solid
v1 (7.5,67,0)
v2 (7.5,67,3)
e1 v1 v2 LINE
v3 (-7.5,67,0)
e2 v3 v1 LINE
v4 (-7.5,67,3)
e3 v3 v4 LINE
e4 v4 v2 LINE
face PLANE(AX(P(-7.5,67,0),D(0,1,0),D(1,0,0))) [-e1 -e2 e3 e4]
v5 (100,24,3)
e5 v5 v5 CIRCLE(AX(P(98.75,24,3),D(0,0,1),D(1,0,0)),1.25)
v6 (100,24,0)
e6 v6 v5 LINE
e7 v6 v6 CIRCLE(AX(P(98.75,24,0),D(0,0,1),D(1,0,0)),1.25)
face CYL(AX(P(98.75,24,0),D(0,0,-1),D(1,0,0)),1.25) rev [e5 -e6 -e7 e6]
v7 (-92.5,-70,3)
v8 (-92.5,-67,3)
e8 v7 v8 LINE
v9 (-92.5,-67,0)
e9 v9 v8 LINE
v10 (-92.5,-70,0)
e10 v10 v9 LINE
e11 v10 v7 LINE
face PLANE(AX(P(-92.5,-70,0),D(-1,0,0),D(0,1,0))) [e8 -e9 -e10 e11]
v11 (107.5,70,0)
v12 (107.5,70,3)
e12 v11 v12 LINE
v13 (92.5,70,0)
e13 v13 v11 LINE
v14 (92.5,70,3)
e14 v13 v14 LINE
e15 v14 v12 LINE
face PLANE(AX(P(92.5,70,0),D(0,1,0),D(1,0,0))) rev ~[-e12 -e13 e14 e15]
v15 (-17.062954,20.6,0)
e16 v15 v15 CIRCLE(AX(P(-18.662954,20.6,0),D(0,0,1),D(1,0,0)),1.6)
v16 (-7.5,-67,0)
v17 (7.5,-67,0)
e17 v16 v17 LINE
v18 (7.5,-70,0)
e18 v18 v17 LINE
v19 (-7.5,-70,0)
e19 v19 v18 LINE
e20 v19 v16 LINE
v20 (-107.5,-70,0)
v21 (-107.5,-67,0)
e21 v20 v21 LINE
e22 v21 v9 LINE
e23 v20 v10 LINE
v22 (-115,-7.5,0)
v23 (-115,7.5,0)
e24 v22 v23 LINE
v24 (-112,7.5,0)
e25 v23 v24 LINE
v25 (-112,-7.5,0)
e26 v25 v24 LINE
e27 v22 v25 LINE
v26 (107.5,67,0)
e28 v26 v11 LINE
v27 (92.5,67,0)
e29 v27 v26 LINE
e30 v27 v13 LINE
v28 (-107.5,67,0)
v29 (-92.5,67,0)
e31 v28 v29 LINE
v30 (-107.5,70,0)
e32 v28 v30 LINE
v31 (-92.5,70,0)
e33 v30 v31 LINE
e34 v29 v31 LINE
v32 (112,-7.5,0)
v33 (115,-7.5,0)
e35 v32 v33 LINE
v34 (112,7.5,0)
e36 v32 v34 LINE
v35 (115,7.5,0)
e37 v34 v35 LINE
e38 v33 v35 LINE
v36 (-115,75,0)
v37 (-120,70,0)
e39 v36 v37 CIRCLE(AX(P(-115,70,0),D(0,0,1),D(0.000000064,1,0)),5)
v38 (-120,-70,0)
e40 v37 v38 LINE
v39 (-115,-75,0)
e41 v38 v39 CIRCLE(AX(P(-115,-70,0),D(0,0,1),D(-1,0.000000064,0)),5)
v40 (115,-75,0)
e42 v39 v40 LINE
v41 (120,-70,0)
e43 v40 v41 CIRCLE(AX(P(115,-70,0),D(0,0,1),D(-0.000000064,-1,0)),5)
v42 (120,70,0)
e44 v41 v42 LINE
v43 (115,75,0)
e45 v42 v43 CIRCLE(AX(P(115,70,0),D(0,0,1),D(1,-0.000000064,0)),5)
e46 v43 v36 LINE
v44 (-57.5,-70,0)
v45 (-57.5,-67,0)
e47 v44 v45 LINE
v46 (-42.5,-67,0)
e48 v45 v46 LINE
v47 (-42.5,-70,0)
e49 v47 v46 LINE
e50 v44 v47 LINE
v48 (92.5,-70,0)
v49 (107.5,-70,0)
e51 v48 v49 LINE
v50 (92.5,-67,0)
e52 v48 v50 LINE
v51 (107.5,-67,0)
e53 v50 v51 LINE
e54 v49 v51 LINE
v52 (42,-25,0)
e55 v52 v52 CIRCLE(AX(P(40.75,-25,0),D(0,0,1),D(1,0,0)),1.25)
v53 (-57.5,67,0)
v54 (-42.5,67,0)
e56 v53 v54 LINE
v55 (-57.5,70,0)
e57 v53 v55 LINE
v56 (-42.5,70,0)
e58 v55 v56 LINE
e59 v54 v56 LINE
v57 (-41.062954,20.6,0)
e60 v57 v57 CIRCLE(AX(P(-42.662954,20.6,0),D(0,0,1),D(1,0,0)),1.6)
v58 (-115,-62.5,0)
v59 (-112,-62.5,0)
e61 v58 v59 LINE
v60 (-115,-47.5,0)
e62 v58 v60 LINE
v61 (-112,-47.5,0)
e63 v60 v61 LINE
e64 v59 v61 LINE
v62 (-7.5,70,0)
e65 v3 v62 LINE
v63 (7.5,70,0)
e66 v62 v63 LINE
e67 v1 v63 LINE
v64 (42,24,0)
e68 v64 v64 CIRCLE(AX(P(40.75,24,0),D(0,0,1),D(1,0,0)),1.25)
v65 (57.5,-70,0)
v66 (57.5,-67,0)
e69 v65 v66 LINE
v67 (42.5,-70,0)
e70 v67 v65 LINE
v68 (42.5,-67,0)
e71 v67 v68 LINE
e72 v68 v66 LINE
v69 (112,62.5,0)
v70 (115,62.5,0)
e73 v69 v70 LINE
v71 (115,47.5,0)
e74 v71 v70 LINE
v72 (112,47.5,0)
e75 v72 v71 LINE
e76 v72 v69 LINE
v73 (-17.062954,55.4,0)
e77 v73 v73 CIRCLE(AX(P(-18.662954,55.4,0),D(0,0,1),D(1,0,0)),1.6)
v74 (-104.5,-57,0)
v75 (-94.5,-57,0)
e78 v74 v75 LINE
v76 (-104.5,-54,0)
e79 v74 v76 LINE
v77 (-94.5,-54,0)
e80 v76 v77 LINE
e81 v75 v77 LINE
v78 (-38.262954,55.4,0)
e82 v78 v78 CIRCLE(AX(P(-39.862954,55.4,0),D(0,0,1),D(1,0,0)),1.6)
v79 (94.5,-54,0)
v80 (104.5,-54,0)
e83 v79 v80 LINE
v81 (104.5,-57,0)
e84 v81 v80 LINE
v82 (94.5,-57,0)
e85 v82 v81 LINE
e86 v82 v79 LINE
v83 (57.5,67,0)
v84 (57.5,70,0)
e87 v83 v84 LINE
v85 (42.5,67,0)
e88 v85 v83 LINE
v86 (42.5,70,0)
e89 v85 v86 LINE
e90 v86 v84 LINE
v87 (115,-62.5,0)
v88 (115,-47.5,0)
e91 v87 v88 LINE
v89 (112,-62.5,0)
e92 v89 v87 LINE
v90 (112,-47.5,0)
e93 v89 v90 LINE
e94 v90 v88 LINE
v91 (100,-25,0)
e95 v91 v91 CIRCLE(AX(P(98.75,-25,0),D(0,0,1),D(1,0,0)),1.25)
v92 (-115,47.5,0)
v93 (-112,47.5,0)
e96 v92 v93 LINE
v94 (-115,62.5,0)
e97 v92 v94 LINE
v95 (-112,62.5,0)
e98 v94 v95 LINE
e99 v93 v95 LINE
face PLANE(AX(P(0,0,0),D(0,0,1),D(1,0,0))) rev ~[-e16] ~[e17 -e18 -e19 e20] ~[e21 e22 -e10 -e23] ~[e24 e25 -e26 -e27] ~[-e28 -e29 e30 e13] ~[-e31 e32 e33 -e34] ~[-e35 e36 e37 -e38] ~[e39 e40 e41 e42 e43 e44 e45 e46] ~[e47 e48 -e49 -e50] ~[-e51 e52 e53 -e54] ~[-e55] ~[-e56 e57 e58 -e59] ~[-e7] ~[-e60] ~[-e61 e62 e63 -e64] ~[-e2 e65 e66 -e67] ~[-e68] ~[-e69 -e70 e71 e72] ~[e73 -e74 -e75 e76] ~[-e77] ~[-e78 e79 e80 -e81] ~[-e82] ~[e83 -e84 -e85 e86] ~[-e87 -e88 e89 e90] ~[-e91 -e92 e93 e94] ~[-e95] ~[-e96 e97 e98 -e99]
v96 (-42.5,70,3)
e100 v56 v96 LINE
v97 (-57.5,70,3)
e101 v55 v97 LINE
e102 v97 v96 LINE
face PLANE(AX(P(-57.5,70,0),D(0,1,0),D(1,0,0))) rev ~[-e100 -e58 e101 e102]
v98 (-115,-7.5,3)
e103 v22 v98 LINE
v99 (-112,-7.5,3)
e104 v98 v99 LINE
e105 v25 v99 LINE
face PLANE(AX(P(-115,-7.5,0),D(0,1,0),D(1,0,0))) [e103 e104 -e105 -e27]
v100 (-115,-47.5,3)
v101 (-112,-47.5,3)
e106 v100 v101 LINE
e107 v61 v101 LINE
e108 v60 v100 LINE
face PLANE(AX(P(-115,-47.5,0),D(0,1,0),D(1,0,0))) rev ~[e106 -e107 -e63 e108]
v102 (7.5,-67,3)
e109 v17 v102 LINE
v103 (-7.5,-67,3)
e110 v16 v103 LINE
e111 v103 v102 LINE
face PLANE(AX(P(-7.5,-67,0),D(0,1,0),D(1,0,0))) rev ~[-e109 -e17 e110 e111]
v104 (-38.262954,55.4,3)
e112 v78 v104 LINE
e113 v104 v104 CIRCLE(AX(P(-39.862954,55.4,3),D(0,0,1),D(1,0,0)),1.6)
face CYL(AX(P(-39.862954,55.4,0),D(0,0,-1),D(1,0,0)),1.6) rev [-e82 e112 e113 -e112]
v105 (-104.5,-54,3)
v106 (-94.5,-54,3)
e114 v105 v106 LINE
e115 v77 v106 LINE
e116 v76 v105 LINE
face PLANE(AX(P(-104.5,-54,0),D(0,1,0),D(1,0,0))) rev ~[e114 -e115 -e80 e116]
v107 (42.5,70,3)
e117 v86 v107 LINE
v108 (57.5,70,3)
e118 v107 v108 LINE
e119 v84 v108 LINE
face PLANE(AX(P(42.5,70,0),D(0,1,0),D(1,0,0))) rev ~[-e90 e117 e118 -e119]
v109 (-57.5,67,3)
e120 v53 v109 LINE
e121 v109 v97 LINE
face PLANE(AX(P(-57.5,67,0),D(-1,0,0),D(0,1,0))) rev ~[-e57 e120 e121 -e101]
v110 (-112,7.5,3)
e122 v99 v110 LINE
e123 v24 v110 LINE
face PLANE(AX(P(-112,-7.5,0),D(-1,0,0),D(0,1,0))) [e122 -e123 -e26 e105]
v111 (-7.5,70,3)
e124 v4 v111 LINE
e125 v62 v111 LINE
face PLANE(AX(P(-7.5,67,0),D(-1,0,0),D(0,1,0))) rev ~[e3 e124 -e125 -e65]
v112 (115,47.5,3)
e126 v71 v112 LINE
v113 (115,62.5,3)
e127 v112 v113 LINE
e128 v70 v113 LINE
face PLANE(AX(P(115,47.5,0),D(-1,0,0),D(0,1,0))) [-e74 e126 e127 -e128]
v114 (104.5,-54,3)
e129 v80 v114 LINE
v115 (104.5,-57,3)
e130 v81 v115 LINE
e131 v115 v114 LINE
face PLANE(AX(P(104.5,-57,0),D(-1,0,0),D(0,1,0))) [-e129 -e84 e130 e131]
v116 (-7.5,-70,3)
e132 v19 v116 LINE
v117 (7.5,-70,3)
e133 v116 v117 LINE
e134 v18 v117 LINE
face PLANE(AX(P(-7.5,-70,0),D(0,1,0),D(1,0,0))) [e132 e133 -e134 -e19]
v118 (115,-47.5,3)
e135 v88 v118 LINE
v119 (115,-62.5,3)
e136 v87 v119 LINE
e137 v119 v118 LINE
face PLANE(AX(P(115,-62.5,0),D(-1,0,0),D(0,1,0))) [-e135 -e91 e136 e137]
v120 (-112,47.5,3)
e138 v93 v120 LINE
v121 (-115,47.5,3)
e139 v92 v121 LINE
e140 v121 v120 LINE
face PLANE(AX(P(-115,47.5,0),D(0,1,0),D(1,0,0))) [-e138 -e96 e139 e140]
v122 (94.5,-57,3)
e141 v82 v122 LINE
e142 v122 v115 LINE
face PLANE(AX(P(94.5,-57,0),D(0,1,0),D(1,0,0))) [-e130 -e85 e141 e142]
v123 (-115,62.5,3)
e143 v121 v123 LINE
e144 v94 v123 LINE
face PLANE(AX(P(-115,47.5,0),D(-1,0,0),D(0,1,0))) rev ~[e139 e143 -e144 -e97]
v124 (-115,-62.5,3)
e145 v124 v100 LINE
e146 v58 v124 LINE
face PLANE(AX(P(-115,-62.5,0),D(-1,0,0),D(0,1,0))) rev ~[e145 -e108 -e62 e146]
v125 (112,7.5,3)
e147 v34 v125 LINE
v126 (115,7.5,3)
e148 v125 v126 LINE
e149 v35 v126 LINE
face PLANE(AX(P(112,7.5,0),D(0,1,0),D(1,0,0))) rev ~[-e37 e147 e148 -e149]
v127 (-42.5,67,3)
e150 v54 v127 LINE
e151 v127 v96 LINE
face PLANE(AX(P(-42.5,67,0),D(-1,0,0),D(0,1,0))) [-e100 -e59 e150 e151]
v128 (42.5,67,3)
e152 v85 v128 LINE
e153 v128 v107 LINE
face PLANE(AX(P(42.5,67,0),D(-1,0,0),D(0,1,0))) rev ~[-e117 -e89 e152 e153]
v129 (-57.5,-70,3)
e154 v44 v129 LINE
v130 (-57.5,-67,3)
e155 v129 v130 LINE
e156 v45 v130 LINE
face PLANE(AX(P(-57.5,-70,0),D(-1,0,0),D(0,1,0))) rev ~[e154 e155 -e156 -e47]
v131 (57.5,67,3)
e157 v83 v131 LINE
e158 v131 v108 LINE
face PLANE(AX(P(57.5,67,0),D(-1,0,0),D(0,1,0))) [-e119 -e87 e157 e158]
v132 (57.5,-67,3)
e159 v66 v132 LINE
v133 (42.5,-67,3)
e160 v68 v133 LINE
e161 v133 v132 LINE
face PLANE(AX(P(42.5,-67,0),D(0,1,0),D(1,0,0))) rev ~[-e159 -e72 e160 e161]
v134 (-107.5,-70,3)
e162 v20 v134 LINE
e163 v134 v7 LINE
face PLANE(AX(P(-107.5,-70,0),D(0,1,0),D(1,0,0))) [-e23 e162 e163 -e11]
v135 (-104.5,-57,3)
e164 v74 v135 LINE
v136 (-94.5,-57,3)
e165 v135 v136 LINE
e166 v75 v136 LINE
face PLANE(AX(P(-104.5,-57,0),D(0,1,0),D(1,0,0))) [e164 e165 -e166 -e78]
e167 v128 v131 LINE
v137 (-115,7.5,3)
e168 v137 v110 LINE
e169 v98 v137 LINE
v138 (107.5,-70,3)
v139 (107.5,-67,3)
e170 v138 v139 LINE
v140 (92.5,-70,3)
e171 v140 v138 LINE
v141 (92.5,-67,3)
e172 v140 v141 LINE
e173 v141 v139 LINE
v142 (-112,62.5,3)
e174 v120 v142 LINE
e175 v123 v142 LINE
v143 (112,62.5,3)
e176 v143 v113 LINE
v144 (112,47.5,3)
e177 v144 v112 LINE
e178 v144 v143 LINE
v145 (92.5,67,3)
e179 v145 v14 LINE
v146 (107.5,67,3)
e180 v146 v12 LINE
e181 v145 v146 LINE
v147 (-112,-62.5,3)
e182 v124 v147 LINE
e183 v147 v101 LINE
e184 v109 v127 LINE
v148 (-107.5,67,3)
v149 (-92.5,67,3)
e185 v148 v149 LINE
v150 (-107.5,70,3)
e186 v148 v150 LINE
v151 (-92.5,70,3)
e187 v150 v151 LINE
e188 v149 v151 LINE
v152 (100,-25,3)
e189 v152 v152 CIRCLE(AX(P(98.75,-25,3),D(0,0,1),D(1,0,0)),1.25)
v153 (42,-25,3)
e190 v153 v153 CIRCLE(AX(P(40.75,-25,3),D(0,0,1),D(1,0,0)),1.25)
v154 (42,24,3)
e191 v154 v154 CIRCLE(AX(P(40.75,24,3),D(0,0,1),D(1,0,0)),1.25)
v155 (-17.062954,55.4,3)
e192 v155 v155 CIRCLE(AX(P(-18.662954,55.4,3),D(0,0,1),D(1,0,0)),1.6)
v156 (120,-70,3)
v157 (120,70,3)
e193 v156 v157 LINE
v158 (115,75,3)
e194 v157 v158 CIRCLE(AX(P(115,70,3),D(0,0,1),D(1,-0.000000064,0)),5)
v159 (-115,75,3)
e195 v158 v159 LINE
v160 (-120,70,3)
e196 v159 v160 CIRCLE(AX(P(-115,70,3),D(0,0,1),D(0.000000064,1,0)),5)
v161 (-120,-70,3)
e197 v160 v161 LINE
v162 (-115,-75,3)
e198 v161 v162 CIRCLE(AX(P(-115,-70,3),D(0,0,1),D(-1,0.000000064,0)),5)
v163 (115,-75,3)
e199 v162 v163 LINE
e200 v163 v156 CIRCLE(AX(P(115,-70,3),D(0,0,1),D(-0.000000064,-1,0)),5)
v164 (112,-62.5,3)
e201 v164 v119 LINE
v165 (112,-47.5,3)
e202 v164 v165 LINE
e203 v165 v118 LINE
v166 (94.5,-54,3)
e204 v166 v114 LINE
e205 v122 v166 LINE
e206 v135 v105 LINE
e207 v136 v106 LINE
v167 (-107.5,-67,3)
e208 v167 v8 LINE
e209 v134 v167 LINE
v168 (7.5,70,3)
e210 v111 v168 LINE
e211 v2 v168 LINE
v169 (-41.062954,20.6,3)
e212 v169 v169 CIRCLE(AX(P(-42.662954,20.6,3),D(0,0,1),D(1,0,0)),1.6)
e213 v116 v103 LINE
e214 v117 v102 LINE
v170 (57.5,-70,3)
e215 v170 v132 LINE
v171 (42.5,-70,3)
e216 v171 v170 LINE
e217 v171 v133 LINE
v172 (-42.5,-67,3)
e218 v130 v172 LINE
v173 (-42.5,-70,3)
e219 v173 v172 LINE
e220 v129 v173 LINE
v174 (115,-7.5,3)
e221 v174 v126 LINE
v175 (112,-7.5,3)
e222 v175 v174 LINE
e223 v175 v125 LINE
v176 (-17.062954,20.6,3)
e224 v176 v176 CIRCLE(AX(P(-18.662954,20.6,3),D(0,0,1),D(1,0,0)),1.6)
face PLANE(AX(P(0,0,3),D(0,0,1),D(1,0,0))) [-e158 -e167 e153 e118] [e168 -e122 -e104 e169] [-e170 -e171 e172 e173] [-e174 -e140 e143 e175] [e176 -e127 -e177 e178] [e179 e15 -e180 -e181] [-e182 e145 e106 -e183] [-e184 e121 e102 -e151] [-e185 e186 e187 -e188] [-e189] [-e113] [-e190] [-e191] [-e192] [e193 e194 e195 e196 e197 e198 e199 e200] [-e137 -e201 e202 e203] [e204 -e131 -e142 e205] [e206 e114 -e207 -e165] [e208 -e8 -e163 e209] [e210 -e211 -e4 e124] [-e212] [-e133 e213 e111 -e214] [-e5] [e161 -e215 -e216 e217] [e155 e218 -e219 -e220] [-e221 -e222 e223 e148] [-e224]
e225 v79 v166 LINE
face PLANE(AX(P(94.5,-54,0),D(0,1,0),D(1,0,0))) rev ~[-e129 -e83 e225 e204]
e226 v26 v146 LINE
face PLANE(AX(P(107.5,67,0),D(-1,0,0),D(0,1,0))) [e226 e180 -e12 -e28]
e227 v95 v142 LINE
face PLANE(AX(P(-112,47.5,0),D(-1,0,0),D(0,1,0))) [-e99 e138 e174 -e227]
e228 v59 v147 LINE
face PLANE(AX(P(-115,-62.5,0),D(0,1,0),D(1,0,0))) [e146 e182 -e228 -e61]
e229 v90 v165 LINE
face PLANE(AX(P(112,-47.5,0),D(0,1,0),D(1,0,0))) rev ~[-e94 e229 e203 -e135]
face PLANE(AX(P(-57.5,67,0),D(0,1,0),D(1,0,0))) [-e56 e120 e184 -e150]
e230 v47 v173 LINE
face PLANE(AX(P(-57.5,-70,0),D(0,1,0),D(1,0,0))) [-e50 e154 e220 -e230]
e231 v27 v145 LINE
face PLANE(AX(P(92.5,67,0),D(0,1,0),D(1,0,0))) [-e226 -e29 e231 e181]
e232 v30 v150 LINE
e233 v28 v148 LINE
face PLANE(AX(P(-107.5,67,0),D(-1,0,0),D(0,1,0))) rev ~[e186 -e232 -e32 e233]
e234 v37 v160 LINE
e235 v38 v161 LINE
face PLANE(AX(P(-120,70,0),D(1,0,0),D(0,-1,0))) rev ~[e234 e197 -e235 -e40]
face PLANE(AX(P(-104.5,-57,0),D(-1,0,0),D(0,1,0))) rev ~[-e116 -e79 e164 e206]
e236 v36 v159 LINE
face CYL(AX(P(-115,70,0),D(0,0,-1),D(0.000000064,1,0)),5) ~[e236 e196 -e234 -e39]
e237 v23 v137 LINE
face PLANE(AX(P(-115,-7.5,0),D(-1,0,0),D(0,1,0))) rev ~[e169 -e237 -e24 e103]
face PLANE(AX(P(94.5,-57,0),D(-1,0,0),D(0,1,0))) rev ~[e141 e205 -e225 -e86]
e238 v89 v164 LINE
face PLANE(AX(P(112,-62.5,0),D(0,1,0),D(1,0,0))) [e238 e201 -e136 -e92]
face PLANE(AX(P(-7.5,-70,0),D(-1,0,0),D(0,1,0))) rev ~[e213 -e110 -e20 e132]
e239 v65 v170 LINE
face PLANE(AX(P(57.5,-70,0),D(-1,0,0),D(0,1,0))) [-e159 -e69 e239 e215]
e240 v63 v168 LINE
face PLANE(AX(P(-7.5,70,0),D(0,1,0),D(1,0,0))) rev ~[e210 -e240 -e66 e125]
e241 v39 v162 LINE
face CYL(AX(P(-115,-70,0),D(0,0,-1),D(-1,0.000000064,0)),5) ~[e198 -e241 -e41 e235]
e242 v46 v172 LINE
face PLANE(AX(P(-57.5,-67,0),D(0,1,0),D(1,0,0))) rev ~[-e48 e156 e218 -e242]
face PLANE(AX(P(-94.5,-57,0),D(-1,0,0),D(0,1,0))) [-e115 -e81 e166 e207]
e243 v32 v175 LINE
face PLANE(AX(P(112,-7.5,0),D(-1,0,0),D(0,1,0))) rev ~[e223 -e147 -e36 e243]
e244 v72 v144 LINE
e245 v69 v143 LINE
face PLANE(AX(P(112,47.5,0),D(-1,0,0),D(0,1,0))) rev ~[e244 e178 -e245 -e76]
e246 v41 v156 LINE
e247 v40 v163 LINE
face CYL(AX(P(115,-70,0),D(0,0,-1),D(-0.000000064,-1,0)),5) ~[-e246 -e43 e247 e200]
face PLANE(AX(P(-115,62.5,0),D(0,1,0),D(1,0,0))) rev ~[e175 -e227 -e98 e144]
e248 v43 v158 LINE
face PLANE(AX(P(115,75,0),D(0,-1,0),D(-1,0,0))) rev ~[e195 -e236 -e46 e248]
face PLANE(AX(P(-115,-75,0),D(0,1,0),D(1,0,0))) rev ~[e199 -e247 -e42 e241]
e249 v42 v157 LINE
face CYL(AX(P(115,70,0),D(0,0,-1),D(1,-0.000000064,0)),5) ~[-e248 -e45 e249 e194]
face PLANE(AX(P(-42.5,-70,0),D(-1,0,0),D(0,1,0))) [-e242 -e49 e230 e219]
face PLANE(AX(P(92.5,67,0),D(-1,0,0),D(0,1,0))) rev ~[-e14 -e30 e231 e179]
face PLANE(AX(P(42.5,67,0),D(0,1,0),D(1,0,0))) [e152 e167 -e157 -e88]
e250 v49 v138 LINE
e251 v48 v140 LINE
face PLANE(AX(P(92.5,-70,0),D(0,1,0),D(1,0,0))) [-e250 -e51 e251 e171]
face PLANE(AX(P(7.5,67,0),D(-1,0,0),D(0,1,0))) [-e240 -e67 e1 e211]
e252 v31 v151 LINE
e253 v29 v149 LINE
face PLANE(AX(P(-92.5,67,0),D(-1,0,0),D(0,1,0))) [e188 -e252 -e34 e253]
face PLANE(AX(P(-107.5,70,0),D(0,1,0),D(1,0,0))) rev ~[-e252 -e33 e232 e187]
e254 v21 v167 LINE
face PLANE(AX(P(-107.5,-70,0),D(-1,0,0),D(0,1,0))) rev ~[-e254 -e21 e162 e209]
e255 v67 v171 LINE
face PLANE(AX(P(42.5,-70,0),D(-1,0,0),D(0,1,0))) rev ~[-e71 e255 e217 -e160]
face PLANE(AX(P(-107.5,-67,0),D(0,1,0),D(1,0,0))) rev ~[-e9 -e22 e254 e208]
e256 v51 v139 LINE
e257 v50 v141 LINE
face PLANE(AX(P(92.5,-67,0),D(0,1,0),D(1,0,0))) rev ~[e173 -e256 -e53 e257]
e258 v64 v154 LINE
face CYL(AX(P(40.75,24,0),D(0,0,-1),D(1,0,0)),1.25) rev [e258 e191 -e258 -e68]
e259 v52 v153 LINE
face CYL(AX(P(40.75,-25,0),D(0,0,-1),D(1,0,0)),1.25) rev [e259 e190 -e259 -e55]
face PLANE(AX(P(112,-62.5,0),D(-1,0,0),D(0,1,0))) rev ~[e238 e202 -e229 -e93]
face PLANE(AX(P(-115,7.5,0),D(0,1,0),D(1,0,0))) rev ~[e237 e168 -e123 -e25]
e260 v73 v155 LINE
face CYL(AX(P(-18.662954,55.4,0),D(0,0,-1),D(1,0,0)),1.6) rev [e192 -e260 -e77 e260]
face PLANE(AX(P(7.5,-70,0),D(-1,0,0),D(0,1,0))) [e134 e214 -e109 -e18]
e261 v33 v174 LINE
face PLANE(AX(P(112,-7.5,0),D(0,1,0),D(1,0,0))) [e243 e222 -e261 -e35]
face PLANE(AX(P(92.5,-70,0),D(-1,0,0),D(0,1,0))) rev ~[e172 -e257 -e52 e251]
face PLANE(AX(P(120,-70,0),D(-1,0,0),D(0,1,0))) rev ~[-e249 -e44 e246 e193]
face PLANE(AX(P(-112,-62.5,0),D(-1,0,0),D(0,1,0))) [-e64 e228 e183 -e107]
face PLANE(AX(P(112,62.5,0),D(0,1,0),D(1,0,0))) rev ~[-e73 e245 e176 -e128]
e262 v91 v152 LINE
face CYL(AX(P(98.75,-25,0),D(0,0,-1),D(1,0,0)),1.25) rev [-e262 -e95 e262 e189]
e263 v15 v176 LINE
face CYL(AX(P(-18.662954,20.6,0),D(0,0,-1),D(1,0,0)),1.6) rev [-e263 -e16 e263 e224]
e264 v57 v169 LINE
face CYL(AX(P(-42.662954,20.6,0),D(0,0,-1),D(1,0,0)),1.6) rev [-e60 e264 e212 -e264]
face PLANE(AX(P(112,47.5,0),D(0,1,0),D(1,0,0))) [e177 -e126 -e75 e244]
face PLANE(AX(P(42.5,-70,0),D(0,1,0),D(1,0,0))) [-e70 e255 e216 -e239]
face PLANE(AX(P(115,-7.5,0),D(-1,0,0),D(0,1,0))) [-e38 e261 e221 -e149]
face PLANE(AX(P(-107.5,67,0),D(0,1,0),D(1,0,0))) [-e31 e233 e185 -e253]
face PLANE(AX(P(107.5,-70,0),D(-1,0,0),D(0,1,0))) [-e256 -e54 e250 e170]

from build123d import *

# Parameters (mm, degrees)
F0_W     = 15
F0_H     = 3
F0_W_2   = 3
F0_H_2   = 15
F0_W_3   = 10
F0_R     = 1.25
F0_R_2   = 1.6
F1_DEPTH = 3


with BuildPart() as f1:
    # F0 (on Top) → F1 (new body)
    with BuildSketch(Plane.XY):
        with BuildLine():
            ThreePointArc((120, 70), (118.535534, 73.535534), (115, 75))
            Line((115, 75), (-115, 75))
            ThreePointArc((-115, 75), (-118.535534, 73.535534), (-120, 70))
            Line((-120, 70), (-120, -70))
            ThreePointArc((-120, -70), (-118.535534, -73.535534), (-115, -75))
            Line((-115, -75), (115, -75))
            ThreePointArc((115, -75), (118.535534, -73.535534), (120, -70))
            Line((120, -70), (120, 70))
        make_face()
        with Locations((-100, -68.5)):
            Rectangle(F0_W, F0_H, mode=Mode.SUBTRACT)
        with Locations((-113.5, -55)):
            Rectangle(F0_W_2, F0_H_2, mode=Mode.SUBTRACT)
        with Locations((-99.5, -55.5)):
            Rectangle(F0_W_3, F0_H, mode=Mode.SUBTRACT)
        with Locations((-50, -68.5)):
            Rectangle(F0_W, F0_H, mode=Mode.SUBTRACT)
        with Locations((0, -68.5)):
            Rectangle(F0_W, F0_H, mode=Mode.SUBTRACT)
        with Locations((50, -68.5)):
            Rectangle(F0_W, F0_H, mode=Mode.SUBTRACT)
        with Locations((100, -68.5)):
            Rectangle(F0_W, F0_H, mode=Mode.SUBTRACT)
        with Locations((99.5, -55.5)):
            Rectangle(F0_W_3, F0_H, mode=Mode.SUBTRACT)
        with Locations((113.5, -55)):
            Rectangle(F0_W_2, F0_H_2, mode=Mode.SUBTRACT)
        with Locations((40.75, -25)):
            Circle(F0_R, mode=Mode.SUBTRACT)
        with Locations((98.75, -25)):
            Circle(F0_R, mode=Mode.SUBTRACT)
        with Locations((-113.5, 0)):
            Rectangle(F0_W_2, F0_H_2, mode=Mode.SUBTRACT)
        with Locations((-42.662954, 20.6)):
            Circle(F0_R_2, mode=Mode.SUBTRACT)
        with Locations((-18.662954, 20.6)):
            Circle(F0_R_2, mode=Mode.SUBTRACT)
        with Locations((-113.5, 55)):
            Rectangle(F0_W_2, F0_H_2, mode=Mode.SUBTRACT)
        with Locations((-100, 68.5)):
            Rectangle(F0_W, F0_H, mode=Mode.SUBTRACT)
        with Locations((-39.862954, 55.4)):
            Circle(F0_R_2, mode=Mode.SUBTRACT)
        with Locations((-18.662954, 55.4)):
            Circle(F0_R_2, mode=Mode.SUBTRACT)
        with Locations((-50, 68.5)):
            Rectangle(F0_W, F0_H, mode=Mode.SUBTRACT)
        with Locations((40.75, 24)):
            Circle(F0_R, mode=Mode.SUBTRACT)
        with Locations((113.5, 0)):
            Rectangle(F0_W_2, F0_H_2, mode=Mode.SUBTRACT)
        with Locations((98.75, 24)):
            Circle(F0_R, mode=Mode.SUBTRACT)
        with Locations((0, 68.5)):
            Rectangle(F0_W, F0_H, mode=Mode.SUBTRACT)
        with Locations((50, 68.5)):
            Rectangle(F0_W, F0_H, mode=Mode.SUBTRACT)
        with Locations((113.5, 55)):
            Rectangle(F0_W_2, F0_H_2, mode=Mode.SUBTRACT)
        with Locations((100, 68.5)):
            Rectangle(F0_W, F0_H, mode=Mode.SUBTRACT)
    extrude(amount=F1_DEPTH)


solid = f1.part
